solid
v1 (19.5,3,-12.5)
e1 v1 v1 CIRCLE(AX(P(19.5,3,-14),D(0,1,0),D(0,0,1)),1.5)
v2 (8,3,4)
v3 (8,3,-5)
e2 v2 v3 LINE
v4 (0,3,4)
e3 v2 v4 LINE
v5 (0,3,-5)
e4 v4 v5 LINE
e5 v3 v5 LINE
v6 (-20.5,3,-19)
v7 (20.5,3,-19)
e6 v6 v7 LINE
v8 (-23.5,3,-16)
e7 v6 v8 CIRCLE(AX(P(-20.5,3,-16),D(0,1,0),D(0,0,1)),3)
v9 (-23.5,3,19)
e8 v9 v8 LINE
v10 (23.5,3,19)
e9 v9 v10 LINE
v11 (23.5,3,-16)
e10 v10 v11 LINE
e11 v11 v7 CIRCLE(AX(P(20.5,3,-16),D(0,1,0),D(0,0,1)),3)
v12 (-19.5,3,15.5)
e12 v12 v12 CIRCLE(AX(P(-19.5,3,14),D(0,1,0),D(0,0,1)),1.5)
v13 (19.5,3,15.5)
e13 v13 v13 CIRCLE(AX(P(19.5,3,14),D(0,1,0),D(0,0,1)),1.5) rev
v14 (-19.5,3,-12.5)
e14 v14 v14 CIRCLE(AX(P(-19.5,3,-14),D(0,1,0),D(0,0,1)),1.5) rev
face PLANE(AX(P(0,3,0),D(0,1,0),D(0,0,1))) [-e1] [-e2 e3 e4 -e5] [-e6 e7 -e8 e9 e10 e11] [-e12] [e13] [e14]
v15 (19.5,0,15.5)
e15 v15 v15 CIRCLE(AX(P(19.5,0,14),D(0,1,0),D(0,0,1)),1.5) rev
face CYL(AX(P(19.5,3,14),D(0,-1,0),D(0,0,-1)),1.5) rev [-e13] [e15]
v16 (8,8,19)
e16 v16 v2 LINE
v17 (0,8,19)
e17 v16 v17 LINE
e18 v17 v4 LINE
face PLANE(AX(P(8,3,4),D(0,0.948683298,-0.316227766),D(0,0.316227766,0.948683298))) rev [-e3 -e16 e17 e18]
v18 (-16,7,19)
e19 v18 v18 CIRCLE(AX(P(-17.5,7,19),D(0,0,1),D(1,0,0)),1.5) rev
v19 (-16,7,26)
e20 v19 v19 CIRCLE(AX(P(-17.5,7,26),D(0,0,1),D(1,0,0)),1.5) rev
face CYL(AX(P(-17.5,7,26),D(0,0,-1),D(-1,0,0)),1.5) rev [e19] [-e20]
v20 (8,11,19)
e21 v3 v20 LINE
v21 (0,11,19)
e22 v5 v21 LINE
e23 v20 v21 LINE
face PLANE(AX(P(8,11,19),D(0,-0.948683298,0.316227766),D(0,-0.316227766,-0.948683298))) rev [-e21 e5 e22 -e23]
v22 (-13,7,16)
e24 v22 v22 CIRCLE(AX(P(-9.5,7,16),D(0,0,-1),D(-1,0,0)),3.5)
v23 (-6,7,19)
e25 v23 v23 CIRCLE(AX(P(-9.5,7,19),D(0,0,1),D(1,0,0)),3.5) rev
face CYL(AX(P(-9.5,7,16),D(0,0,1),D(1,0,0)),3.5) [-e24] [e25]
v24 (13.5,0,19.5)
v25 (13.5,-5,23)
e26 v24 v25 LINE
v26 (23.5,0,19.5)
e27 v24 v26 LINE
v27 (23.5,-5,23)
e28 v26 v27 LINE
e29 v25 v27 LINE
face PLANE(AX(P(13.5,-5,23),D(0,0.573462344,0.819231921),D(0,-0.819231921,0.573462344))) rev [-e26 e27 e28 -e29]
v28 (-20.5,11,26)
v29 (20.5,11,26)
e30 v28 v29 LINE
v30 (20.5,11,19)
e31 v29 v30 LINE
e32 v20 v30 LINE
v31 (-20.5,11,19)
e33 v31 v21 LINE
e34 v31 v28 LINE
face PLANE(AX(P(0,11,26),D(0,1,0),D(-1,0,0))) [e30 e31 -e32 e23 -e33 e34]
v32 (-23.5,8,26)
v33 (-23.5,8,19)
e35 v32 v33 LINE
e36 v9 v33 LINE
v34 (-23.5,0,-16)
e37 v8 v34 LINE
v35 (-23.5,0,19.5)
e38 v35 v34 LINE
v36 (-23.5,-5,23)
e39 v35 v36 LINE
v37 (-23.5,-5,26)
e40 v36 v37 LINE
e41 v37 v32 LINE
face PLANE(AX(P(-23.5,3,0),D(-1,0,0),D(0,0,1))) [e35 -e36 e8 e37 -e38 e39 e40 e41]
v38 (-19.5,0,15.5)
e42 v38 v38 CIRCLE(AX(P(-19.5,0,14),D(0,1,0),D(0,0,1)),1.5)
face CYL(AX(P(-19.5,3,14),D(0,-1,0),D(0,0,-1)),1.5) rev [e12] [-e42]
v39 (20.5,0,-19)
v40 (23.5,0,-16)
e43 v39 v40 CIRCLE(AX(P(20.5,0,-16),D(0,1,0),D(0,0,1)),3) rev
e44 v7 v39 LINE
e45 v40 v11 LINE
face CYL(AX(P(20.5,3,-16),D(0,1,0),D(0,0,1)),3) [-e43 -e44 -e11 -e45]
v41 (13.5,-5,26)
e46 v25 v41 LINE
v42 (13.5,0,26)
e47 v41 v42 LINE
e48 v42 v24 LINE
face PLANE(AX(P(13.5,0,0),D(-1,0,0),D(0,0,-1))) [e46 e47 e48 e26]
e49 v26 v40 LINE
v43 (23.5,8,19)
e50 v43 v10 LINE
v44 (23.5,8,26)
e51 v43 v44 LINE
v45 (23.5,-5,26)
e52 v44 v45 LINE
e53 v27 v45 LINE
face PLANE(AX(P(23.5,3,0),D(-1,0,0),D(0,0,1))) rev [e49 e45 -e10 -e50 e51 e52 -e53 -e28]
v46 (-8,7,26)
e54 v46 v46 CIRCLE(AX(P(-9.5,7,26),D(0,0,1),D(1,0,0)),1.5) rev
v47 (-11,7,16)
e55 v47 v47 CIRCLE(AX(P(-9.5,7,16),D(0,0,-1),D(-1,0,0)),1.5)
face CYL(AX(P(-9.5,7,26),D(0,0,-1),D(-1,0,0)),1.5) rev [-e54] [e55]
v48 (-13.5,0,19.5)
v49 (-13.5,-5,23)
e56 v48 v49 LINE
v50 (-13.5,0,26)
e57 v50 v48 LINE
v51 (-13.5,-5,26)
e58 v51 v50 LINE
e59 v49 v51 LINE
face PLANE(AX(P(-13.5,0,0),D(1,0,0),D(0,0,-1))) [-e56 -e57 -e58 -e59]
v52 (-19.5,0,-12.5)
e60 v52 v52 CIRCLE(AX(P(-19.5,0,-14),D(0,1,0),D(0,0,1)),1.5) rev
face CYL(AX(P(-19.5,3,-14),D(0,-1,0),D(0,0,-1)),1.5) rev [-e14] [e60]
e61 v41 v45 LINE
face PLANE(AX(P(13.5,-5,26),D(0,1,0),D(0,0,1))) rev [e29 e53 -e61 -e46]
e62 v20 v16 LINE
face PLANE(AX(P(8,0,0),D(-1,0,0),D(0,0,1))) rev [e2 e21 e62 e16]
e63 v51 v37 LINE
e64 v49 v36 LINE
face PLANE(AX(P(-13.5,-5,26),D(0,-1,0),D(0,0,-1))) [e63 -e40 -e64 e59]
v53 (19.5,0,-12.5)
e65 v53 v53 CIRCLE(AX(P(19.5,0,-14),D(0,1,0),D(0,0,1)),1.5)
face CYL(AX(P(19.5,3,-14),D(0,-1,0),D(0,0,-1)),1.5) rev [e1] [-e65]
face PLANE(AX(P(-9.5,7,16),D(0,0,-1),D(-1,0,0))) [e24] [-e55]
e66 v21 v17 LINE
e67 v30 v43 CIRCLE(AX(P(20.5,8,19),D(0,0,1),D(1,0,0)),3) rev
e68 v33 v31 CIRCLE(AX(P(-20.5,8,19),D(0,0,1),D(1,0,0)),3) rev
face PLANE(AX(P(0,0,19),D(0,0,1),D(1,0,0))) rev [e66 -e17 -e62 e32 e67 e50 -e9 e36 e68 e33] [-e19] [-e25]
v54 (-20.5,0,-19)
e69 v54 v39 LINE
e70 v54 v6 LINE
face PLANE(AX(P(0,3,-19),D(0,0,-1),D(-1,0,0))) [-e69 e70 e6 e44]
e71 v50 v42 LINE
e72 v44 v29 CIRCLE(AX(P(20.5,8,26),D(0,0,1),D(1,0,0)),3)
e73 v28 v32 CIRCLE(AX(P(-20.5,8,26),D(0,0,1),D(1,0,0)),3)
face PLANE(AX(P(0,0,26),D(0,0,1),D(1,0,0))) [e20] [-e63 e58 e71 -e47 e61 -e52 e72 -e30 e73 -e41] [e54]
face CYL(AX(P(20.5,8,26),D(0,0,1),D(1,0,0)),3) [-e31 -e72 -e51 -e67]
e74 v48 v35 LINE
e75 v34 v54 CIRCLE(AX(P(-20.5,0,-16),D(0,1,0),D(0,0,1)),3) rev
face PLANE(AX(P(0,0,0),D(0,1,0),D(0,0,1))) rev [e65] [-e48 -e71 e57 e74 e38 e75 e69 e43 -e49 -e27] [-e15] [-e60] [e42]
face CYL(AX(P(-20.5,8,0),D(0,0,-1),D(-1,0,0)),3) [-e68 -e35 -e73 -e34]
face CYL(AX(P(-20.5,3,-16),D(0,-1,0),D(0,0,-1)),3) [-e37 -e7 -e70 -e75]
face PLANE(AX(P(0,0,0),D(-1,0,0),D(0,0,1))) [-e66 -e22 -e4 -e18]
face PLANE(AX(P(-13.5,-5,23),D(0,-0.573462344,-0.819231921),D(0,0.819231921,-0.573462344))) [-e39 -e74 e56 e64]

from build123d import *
from build123d.topology import SkipClean

# Parameters (mm, degrees)
SKETCH_1_W      = 47
SKETCH_1_H      = 38
SKETCH_1_R      = 1.5
EXTRUDE_1_DEPTH = 3
SKETCH_2_W      = 47
SKETCH_2_H      = 11
SKETCH_2_R      = 1.5
EXTRUDE_2_DEPTH = 7
EXTRUDE_3_DEPTH = 8
FILLET_4_R      = 3
EXTRUDE_4_DEPTH = 10
FILLET_6_R      = 3
EXTRUDE_START   = 3
SKETCH_7_R      = 3.5
SKETCH_7_R_2    = 1.5
EXTRUDE_5_DEPTH = 3


with BuildPart() as part:
    # 草图1 → 凸台-拉伸1 (new body)
    with BuildSketch(Plane(origin=(0, 0, 0), x_dir=(1, 0, 0), z_dir=(0, 1, 0))):
        Rectangle(SKETCH_1_W, SKETCH_1_H)
        with Locations(Location((19.5, 14, 0), (0, 0, 270))):
            Circle(SKETCH_1_R, mode=Mode.SUBTRACT)
        with Locations(Location((19.5, -14, 0), (0, 0, 270))):
            Circle(SKETCH_1_R, mode=Mode.SUBTRACT)
        with Locations(Location((-19.5, -14, 0), (0, 0, 270))):
            Circle(SKETCH_1_R, mode=Mode.SUBTRACT)
        with Locations(Location((-19.5, 14, 0), (0, 0, 270))):
            Circle(SKETCH_1_R, mode=Mode.SUBTRACT)
    extrude(amount=EXTRUDE_1_DEPTH)

    # 草图2 → 凸台-拉伸2 (add)
    with BuildSketch(Plane.XY.offset(19)):
        with Locations((0, 5.5)):
            Rectangle(SKETCH_2_W, SKETCH_2_H)
        with Locations((-17.5, 7)):
            Circle(SKETCH_2_R, mode=Mode.SUBTRACT)
        with Locations((-9.5, 7)):
            Circle(SKETCH_2_R, mode=Mode.SUBTRACT)
    extrude(amount=EXTRUDE_2_DEPTH)

    # 草图3 → 凸台-拉伸3 (add)
    with BuildSketch(Plane(origin=(0, 0, 0), x_dir=(0, 0, -1), z_dir=(1, 0, 0))):
        Polygon((-19, 11), (-19, 8), (-4, 3), (5, 3), align=None)
    extrude(amount=EXTRUDE_3_DEPTH)

    # 圆角4
    fillet_4_edges = [part.edges().sort_by_distance(p)[0] for p in [
        (-23.5, 11, 22.5),
        (23.5, 11, 22.5),
    ]]
    fillet(fillet_4_edges, radius=FILLET_4_R)

    # 草图4 → 凸台-拉伸4 (add)
    with BuildSketch(Plane.ZY.offset(23.5)):
        Polygon((26, 0), (26, -5), (23, -5), (19.5, 0), align=None)
    extrude_4 = extrude(amount=-EXTRUDE_4_DEPTH)

    # 镜向1: 凸台-拉伸4 across plane
    add(extrude_4.mirror(Plane(origin=(0, 0, 0), x_dir=(0, 0, 1), z_dir=(1, 0, 0))))

    # 圆角6
    fillet_6_edges = [part.edges().sort_by_distance(p)[0] for p in [
        (-23.5, 1.5, -19),
        (23.5, 1.5, -19),
    ]]
    fillet(fillet_6_edges, radius=FILLET_6_R)

    # 草图7 → 凸台-拉伸5 (add)
    with SkipClean():  # the faces are left unmerged after this step: merging them gives an invalid solid
        with BuildSketch(Plane(origin=(0, 0, 19), x_dir=(-1, 0, 0), z_dir=(0, 0, -1)).offset(EXTRUDE_START)):
            with Locations(Location((9.5, 7, 0), (0, 0, 180))):
                Circle(SKETCH_7_R)
            with Locations((9.5, 7)):
                Circle(SKETCH_7_R_2, mode=Mode.SUBTRACT)
        extrude(amount=-EXTRUDE_5_DEPTH)


solid = part.part
